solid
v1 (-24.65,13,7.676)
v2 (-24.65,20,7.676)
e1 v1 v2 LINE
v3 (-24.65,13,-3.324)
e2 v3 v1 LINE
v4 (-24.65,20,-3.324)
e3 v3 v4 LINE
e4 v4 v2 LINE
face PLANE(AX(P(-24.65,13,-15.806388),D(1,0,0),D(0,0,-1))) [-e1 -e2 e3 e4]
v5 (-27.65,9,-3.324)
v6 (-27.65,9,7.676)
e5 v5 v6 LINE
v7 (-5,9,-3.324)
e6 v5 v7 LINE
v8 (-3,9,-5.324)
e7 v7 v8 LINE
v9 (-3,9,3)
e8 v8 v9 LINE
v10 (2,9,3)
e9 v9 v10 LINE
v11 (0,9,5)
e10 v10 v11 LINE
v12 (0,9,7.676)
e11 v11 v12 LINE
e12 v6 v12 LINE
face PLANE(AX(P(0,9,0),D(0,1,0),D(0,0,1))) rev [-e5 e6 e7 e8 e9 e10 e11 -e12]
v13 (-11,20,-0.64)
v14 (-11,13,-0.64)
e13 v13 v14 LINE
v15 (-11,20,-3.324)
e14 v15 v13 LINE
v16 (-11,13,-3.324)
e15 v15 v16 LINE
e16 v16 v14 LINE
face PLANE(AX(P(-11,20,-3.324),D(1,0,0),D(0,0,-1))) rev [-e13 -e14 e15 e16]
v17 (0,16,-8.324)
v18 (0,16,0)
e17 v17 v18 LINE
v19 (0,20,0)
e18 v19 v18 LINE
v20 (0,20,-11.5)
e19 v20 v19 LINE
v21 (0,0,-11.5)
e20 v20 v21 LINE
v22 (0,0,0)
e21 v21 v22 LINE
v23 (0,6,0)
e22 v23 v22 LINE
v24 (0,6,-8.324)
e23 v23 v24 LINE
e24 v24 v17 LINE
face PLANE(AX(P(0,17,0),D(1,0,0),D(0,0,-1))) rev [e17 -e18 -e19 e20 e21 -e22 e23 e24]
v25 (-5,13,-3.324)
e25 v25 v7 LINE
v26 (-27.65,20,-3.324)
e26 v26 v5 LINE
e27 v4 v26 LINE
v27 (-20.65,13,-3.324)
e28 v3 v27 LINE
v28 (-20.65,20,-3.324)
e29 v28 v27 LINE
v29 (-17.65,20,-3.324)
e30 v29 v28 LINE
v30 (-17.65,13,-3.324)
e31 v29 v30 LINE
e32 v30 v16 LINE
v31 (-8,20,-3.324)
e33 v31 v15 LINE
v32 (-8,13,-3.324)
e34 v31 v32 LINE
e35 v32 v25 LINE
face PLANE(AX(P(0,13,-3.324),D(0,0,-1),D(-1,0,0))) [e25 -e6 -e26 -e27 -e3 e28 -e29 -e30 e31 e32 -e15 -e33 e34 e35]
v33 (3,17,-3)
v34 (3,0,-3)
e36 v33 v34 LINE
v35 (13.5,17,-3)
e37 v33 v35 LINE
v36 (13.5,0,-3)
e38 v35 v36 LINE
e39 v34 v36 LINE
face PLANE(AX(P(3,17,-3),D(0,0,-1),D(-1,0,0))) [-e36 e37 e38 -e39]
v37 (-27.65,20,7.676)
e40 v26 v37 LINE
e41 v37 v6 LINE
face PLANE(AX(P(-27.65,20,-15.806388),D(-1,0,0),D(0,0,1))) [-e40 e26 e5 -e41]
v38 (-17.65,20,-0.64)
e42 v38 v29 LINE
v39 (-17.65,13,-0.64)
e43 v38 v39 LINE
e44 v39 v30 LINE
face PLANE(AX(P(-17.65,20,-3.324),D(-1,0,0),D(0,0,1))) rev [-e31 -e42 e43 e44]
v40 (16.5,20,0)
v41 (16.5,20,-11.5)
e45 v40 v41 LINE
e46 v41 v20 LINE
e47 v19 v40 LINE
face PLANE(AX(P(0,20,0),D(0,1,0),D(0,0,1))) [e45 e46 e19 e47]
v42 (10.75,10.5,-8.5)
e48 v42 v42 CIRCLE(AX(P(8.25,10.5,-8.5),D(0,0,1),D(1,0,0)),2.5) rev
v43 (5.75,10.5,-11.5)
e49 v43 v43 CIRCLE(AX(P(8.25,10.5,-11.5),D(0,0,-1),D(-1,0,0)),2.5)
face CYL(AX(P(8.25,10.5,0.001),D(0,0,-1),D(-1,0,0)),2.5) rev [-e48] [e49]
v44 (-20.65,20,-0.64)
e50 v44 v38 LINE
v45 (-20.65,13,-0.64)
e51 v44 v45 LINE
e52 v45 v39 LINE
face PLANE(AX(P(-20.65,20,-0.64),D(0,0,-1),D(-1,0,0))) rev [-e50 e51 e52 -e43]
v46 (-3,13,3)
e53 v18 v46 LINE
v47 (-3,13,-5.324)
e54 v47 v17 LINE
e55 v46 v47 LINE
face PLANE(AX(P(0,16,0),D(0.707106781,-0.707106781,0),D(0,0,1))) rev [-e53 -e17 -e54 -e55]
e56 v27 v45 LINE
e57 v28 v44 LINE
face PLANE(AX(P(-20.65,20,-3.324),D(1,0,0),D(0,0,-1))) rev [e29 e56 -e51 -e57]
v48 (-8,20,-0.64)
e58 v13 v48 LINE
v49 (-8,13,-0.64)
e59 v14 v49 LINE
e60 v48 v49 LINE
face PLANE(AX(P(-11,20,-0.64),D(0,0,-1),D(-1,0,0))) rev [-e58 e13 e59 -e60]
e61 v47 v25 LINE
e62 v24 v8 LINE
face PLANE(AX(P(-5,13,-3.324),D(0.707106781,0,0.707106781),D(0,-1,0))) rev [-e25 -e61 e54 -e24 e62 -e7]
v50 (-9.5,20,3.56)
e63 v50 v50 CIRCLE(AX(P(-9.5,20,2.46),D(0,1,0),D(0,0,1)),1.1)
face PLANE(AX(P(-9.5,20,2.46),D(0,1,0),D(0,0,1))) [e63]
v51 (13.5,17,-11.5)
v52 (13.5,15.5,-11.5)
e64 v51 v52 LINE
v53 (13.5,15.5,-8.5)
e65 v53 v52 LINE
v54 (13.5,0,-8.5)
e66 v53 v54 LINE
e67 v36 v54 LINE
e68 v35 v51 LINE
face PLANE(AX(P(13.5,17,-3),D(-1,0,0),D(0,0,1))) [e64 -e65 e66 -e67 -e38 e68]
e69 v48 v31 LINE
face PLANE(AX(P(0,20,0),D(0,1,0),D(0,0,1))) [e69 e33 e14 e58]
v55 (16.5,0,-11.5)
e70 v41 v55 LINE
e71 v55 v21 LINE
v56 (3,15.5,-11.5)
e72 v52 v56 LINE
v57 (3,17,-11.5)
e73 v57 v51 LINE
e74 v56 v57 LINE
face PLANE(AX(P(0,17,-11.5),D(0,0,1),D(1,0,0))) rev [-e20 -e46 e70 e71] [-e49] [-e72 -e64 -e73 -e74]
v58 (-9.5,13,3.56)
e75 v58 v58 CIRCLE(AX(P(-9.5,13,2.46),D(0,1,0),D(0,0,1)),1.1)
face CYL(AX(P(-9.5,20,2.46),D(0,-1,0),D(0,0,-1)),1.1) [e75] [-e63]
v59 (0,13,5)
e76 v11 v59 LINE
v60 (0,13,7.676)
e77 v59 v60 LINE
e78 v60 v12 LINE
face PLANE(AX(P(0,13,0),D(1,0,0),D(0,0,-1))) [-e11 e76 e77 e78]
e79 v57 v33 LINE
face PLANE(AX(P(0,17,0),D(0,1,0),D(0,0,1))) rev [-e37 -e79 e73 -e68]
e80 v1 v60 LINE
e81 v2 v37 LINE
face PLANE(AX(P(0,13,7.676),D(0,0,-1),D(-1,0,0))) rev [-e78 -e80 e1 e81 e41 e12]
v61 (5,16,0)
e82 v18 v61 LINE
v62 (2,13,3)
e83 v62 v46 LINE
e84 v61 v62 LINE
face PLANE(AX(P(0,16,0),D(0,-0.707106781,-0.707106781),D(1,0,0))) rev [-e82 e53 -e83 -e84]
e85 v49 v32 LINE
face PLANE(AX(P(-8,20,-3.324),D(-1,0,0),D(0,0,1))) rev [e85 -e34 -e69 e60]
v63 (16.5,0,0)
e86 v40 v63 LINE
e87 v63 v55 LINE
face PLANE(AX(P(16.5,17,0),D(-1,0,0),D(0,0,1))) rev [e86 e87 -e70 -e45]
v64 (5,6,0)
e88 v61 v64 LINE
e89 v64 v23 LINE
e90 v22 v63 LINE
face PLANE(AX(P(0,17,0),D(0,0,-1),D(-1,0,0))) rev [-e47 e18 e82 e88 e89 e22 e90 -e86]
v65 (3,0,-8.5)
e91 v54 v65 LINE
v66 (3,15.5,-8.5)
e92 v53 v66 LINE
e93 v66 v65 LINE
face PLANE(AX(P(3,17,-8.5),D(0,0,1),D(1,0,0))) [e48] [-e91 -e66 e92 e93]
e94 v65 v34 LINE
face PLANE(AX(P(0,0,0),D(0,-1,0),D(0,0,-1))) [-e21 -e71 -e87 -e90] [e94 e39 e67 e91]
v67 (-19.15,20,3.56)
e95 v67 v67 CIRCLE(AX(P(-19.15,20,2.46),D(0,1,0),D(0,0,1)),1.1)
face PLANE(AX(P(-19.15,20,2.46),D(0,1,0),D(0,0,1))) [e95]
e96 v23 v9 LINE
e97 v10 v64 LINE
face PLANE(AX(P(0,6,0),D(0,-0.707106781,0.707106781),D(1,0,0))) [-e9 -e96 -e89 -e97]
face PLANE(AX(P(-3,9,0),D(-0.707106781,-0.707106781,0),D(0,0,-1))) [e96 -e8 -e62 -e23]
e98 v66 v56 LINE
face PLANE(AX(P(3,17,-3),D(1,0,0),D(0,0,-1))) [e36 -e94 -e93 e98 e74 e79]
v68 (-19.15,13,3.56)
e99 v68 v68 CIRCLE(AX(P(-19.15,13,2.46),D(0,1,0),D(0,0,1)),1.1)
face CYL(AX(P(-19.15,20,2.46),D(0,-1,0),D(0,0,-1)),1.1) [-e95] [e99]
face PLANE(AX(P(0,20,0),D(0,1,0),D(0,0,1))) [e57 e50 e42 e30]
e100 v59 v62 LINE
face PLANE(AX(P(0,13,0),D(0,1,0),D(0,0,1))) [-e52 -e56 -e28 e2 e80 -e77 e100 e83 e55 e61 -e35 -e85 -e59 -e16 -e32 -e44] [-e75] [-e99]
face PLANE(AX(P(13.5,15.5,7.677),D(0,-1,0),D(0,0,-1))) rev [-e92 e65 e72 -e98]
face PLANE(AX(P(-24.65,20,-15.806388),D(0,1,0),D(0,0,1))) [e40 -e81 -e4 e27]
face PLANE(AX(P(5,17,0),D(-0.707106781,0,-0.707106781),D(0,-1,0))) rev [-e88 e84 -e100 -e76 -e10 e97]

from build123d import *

# Parameters (mm, degrees)
SKETCH1_W           = 16.5
SKETCH1_H           = 11.5
SKETCH1_W_2         = 10.5
SKETCH1_H_2         = 5.5
BOSS_EXTRUDE1_DEPTH = 17
CUT_EXTRUDE1_REACH  = 28.334
SKETCH2_R           = 2.5
SKETCH3_W           = 16.5
SKETCH3_H           = 11.5
BOSS_EXTRUDE2_DEPTH = 3
BOSS_EXTRUDE3_START = -11
SKETCH4_W           = 21.75
SKETCH4_H           = 11
BOSS_EXTRUDE3_DEPTH = 4
CHAMFER1_SIZE       = 5
CHAMFER2_SIZE       = 3
SKETCH5_R           = 1.1
SKETCH5_W           = 3
SKETCH5_H           = 2.684
BOSS_EXTRUDE4_DEPTH = 7
BOSS_EXTRUDE5_DEPTH = 11
CUT_EXTRUDE2_REACH  = 41.144
SKETCH7_W           = 10.5
SKETCH7_H           = 1.5


with BuildPart() as part:
    # Sketch1 → Boss-Extrude1 (new body)
    with BuildSketch(Plane(origin=(0, 0, 0), x_dir=(1, 0, 0), z_dir=(0, 1, 0))):
        with Locations((8.25, 5.75)):
            Rectangle(SKETCH1_W, SKETCH1_H)
        with Locations((8.25, 5.75)):
            Rectangle(SKETCH1_W_2, SKETCH1_H_2, mode=Mode.SUBTRACT)
    extrude(amount=BOSS_EXTRUDE1_DEPTH)

    # Sketch2 → Cut-Extrude1 (cut, up to next)
    with BuildSketch(Plane(origin=(0, 0, -11.5), x_dir=(-1, 0, 0), z_dir=(0, 0, -1)), mode=Mode.PRIVATE) as cut_extrude1_sk1:
        with Locations((-8.25, 10.5)):
            Circle(SKETCH2_R)
    cut_extrude1_tool1 = extrude(cut_extrude1_sk1.sketch, amount=-CUT_EXTRUDE1_REACH, mode=Mode.PRIVATE) & part.part
    add(cut_extrude1_tool1.solids().sort_by_distance((8.25, 10.5, -11.5))[0], mode=Mode.SUBTRACT)

    # Sketch3 → Boss-Extrude2 (add)
    with BuildSketch(Plane(origin=(0, 17, 0), x_dir=(1, 0, 0), z_dir=(0, 1, 0))):
        with Locations((8.25, 5.75)):
            Rectangle(SKETCH3_W, SKETCH3_H)
    extrude(amount=BOSS_EXTRUDE2_DEPTH)

    # Sketch4 → Boss-Extrude3 (add)
    with BuildSketch(Plane(origin=(0, 20, 0), x_dir=(1, 0, 0), z_dir=(0, 1, 0)).offset(BOSS_EXTRUDE3_START)):
        with Locations((-10.875, -2.176)):
            Rectangle(SKETCH4_W, SKETCH4_H)
    extrude(amount=BOSS_EXTRUDE3_DEPTH)

    # Chamfer1
    chamfer1_edges = [part.edges().sort_by_distance(p)[0] for p in [
        (0, 11, 0),
        (0, 11, -3.324),
    ]]
    chamfer(chamfer1_edges, length=CHAMFER1_SIZE)

    # Chamfer2
    chamfer2_edges = [part.edges().sort_by_distance(p)[0] for p in [
        (0, 13, -4.162),
        (0, 9, -4.162),
        (2.5, 13, 0),
        (2.5, 9, 0),
    ]]
    chamfer(chamfer2_edges, length=CHAMFER2_SIZE)

    # Sketch5 → Boss-Extrude4 (add)
    with BuildSketch(Plane(origin=(0, 13, 0), x_dir=(1, 0, 0), z_dir=(0, 1, 0))):
        with Locations(Location((-19.15, -2.46, 0), (0, 0, 270))):
            Circle(SKETCH5_R)
        with Locations(Location((-9.5, -2.46, 0), (0, 0, 270))):
            Circle(SKETCH5_R)
        with Locations((-19.15, 1.982)):
            Rectangle(SKETCH5_W, SKETCH5_H)
        with Locations((-9.5, 1.982)):
            Rectangle(SKETCH5_W, SKETCH5_H)
    extrude(amount=BOSS_EXTRUDE4_DEPTH)

    # Sketch6 → Boss-Extrude5 (add)
    with BuildSketch(Plane.XY.offset(7.676)):
        Polygon((-21.75, 13), (-24.65, 13), (-24.65, 20), (-27.65, 20), (-27.65, 9), (-21.75, 9), align=None)
    extrude(amount=-BOSS_EXTRUDE5_DEPTH)

    # Sketch7 → Cut-Extrude2 (cut, up to next)
    with BuildSketch(Plane(origin=(0, 0, -11.5), x_dir=(-1, 0, 0), z_dir=(0, 0, -1)), mode=Mode.PRIVATE) as cut_extrude2_sk1:
        with Locations((-8.25, 16.25)):
            Rectangle(SKETCH7_W, SKETCH7_H)
    cut_extrude2_tool1 = extrude(cut_extrude2_sk1.sketch, amount=-CUT_EXTRUDE2_REACH, mode=Mode.PRIVATE) & part.part
    add(cut_extrude2_tool1.solids().sort_by_distance((8.25, 16.25, -11.5))[0], mode=Mode.SUBTRACT)


solid = part.part
